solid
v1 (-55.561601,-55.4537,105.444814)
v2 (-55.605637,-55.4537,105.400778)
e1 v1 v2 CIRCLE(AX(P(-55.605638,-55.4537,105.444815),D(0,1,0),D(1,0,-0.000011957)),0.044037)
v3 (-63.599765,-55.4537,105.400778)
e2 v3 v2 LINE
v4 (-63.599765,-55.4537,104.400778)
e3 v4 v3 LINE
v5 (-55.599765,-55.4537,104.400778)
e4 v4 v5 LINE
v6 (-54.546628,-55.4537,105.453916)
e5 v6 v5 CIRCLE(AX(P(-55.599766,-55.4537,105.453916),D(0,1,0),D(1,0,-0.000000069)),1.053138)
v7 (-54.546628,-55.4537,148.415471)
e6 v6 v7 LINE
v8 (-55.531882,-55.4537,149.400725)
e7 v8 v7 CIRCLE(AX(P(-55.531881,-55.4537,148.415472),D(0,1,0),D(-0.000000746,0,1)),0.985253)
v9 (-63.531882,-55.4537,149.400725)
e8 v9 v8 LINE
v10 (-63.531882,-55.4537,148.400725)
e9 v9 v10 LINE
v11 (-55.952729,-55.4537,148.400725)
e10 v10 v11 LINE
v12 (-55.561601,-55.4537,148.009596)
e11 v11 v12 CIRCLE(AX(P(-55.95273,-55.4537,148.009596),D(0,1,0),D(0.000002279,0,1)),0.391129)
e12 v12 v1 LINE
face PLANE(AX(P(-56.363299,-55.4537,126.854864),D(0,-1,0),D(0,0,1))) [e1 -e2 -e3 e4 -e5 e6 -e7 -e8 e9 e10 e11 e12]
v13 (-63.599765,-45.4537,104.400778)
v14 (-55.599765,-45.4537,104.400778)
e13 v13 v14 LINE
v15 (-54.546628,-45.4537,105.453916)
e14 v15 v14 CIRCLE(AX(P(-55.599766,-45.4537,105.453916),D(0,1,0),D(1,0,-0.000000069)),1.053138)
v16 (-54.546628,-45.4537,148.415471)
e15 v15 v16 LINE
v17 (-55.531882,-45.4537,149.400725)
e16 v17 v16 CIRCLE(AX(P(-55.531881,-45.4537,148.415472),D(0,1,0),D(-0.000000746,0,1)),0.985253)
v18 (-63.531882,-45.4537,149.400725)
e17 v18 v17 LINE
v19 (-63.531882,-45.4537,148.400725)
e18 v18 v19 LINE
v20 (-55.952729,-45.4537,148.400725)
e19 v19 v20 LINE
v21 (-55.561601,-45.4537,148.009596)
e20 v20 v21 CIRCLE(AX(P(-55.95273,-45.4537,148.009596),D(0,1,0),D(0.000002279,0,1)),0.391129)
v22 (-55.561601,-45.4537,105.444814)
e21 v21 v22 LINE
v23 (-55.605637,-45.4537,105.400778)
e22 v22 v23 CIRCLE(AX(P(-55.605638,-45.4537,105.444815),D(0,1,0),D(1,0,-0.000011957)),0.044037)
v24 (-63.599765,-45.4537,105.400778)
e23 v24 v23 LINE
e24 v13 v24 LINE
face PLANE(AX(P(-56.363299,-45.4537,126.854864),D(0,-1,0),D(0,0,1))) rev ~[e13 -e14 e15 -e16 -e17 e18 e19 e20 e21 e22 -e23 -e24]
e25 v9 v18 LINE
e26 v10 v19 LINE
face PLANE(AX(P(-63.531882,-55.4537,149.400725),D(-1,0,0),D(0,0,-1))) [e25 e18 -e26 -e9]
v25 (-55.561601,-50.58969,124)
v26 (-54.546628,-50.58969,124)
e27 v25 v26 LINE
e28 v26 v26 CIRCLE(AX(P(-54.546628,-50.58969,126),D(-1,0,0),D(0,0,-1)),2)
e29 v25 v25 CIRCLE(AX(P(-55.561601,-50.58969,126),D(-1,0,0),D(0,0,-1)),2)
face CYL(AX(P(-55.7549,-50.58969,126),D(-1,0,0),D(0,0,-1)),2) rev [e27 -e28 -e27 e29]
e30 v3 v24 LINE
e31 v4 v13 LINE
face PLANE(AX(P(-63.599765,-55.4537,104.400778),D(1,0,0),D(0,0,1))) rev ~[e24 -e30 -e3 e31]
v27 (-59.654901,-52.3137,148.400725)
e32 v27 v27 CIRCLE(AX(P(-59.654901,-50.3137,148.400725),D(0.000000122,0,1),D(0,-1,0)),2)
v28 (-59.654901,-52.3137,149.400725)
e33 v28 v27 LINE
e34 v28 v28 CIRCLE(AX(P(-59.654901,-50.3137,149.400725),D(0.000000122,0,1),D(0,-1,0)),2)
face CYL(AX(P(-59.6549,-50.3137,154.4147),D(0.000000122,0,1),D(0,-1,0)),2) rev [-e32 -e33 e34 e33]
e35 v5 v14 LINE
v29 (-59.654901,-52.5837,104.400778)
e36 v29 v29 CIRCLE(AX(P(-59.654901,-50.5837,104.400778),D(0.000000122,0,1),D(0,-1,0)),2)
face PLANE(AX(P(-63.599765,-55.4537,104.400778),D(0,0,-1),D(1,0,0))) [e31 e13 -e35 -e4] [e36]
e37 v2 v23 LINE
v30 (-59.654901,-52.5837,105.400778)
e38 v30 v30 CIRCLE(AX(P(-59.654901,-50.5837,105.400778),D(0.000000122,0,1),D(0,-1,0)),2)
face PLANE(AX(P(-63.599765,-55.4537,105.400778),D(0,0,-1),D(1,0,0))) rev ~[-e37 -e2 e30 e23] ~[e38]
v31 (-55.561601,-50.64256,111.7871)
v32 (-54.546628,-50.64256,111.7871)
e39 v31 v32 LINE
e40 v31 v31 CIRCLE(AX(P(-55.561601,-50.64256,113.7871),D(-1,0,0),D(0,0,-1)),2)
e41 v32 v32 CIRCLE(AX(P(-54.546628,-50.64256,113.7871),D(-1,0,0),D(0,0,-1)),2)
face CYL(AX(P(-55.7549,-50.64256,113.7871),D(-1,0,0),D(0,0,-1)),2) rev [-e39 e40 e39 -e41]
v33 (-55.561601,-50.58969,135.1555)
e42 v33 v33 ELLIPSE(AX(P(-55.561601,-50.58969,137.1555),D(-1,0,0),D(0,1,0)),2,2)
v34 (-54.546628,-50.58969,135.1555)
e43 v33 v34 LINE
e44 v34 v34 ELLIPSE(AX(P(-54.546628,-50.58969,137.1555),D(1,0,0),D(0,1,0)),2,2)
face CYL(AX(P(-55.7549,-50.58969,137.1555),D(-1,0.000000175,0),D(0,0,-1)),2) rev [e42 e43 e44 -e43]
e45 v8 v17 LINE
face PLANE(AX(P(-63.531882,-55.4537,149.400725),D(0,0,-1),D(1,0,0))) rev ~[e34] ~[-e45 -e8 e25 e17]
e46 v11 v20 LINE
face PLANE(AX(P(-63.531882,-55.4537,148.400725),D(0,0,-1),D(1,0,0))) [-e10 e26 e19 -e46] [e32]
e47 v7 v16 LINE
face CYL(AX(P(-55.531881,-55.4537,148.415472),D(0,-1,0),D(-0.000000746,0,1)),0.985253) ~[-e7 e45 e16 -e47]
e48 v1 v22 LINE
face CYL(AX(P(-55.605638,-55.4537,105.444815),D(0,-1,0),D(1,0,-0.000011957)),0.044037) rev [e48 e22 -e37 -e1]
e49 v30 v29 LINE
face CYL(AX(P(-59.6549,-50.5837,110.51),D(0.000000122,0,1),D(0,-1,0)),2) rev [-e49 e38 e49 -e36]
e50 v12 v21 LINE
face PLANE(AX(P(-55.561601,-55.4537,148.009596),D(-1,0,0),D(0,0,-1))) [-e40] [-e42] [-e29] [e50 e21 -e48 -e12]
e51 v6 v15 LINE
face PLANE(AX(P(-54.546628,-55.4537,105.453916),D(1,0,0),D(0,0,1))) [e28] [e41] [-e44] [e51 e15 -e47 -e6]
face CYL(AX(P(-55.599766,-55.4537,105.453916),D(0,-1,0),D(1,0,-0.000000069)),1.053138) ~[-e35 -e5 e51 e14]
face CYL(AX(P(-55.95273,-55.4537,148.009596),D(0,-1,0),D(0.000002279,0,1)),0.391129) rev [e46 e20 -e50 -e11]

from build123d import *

# Parameters (mm, degrees)
CYLINDER030_R               = 2
CYLINDER030_DEPTH           = 10
CYLINDER030_PITCH_ANGLE     = 90
CYLINDER030_PLACEMENT_ANGLE = 7e-06
CYLINDER031_R               = 2
CYLINDER031_DEPTH           = 10
CYLINDER031_PITCH_ANGLE     = 90
CYLINDER031_PLACEMENT_ANGLE = 7e-06
CYLINDER026_R               = 2
CYLINDER026_DEPTH           = 2
CYLINDER026_ROLL_ANGLE      = -88.507054
CYLINDER026_PITCH_ANGLE     = -87.01751
CYLINDER026_PLACEMENT_ANGLE = -92.244015
CYLINDER028_R               = 2
CYLINDER028_DEPTH           = 2
CYLINDER028_PLACEMENT_ANGLE = 90.00001
CYLINDER029_R               = 2
CYLINDER029_DEPTH           = 2
CYLINDER029_ROLL_ANGLE      = 90
CYLINDER027_R               = 2
CYLINDER027_DEPTH           = 2
CYLINDER027_ROLL_ANGLE      = 90
CYLINDER025_R               = 2
CYLINDER025_DEPTH           = 2
CYLINDER025_ROLL_ANGLE      = -88.507054
CYLINDER025_PITCH_ANGLE     = -87.01751
CYLINDER025_PLACEMENT_ANGLE = -92.244015
PAD006_DEPTH                = 10
CUT033_PITCH_ANGLE          = 90
CUT033_PLACEMENT_ANGLE      = 90


with BuildPart() as cylinder030:
    # Cylinder030 → Cylinder030 (new body)
    with BuildSketch(Plane.XY):
        Circle(CYLINDER030_R)
    extrude(amount=CYLINDER030_DEPTH)


with BuildPart() as cylinder030_1:
    # Cylinder030 pitch: moved
    add(cylinder030.part.rotate(Axis((0, 0, 0), (0, 1, 0)), CYLINDER030_PITCH_ANGLE))


with BuildPart() as cylinder030_2:
    # Cylinder030 placement: moved
    add(cylinder030_1.part.moved(Location((15.49, 3.9, 4.87))).rotate(Axis((15.49, 3.9, 4.87), (0, 0, 1)), CYLINDER030_PLACEMENT_ANGLE))


with BuildPart() as cylinder031:
    # Cylinder031 → Cylinder031 (new body)
    with BuildSketch(Plane.XY):
        Circle(CYLINDER031_R)
    extrude(amount=CYLINDER031_DEPTH)


with BuildPart() as cylinder031_1:
    # Cylinder031 pitch: moved
    add(cylinder031.part.rotate(Axis((0, 0, 0), (0, 1, 0)), CYLINDER031_PITCH_ANGLE))


with BuildPart() as cylinder031_2:
    # Cylinder031 placement: moved
    add(cylinder031_1.part.moved(Location((-28.4147, 3.9, 5.14))).rotate(Axis((-28.4147, 3.9, 5.14), (0, 0, 1)), CYLINDER031_PLACEMENT_ANGLE))


with BuildPart() as cylinder026:
    # Cylinder026 → Cylinder026 (new body)
    with BuildSketch(Plane.XY):
        Circle(CYLINDER026_R)
    extrude(amount=CYLINDER026_DEPTH)


with BuildPart() as cylinder026_1:
    # Cylinder026 roll: moved
    add(cylinder026.part.rotate(Axis((0, 0, 0), (1, 0, 0)), CYLINDER026_ROLL_ANGLE))


with BuildPart() as cylinder026_2:
    # Cylinder026 pitch: moved
    add(cylinder026_1.part.rotate(Axis((0, 0, 0), (0, 1, 0)), CYLINDER026_PITCH_ANGLE))


with BuildPart() as cylinder026_3:
    # Cylinder026 placement: moved
    add(cylinder026_2.part.moved(Location((-26, 5.29, 4.9))).rotate(Axis((-26, 5.29, 4.9), (0, 0, 1)), CYLINDER026_PLACEMENT_ANGLE))


with BuildPart() as cylinder028:
    # Cylinder028 → Cylinder028 (new body)
    with BuildSketch(Plane.XY):
        Circle(CYLINDER028_R)
    extrude(amount=CYLINDER028_DEPTH)


with BuildPart() as cylinder028_1:
    # Cylinder028 placement: moved
    add(cylinder028.part.moved(Location((-11.1555, 0, 4.86401))).rotate(Axis((-11.1555, 0, 4.86401), (1, 0, 0)), CYLINDER028_PLACEMENT_ANGLE))


with BuildPart() as cylinder029:
    # Cylinder029 → Cylinder029 (new body)
    with BuildSketch(Plane.XY):
        Circle(CYLINDER029_R)
    extrude(amount=CYLINDER029_DEPTH)


with BuildPart() as cylinder029_1:
    # Cylinder029 roll: moved
    add(cylinder029.part.rotate(Axis((0, 0, 0), (1, 0, 0)), CYLINDER029_ROLL_ANGLE))


with BuildPart() as cylinder029_2:
    # Cylinder029 placement: moved
    add(cylinder029_1.part.moved(Location((0, 0, 4.86401))))


with BuildPart() as cylinder027:
    # Cylinder027 → Cylinder027 (new body)
    with BuildSketch(Plane.XY):
        Circle(CYLINDER027_R)
    extrude(amount=CYLINDER027_DEPTH)


with BuildPart() as cylinder027_1:
    # Cylinder027 roll: moved
    add(cylinder027.part.rotate(Axis((0, 0, 0), (1, 0, 0)), CYLINDER027_ROLL_ANGLE))


with BuildPart() as cylinder027_2:
    # Cylinder027 placement: moved
    add(cylinder027_1.part.moved(Location((12.2129, 0, 4.81114))))


with BuildPart() as cylinder025:
    # Cylinder025 → Cylinder025 (new body)
    with BuildSketch(Plane.XY):
        Circle(CYLINDER025_R)
    extrude(amount=CYLINDER025_DEPTH)


with BuildPart() as cylinder025_1:
    # Cylinder025 roll: moved
    add(cylinder025.part.rotate(Axis((0, 0, 0), (1, 0, 0)), CYLINDER025_ROLL_ANGLE))


with BuildPart() as cylinder025_2:
    # Cylinder025 pitch: moved
    add(cylinder025_1.part.rotate(Axis((0, 0, 0), (0, 1, 0)), CYLINDER025_PITCH_ANGLE))


with BuildPart() as cylinder025_3:
    # Cylinder025 placement: moved
    add(cylinder025_2.part.moved(Location((25, 5.38, 4.9))).rotate(Axis((25, 5.38, 4.9), (0, 0, 1)), CYLINDER025_PLACEMENT_ANGLE))


with BuildPart() as cut033:
    # Sketch007 → Pad006 (new body)
    with BuildSketch(Plane.XY):
        with BuildLine():
            Line((20.546084, -1.208272), (-22.415471, -1.208272))
            ThreePointArc((-23.400725, -0.223018), (-23.112151, -0.919698), (-22.415471, -1.208272))
            Line((-23.400725, 7.776982), (-23.400725, -0.223018))
            Line((-23.400725, 7.776982), (-22.400725, 7.776982))
            Line((-22.400725, 7.776982), (-22.400725, 0.197829))
            ThreePointArc((-22.400725, 0.197829), (-22.286166, -0.07874), (-22.009596, -0.193299))
            Line((-22.009596, -0.193299), (20.555186, -0.193299))
            ThreePointArc((20.555186, -0.193299), (20.586324, -0.180401), (20.599222, -0.149263))
            Line((20.599222, 7.844865), (20.599222, -0.149263))
            Line((21.599222, 7.844865), (20.599222, 7.844865))
            Line((21.599222, 7.844865), (21.599222, -0.155135))
            ThreePointArc((20.546084, -1.208272), (21.290765, -0.899815), (21.599222, -0.155135))
        make_face()
    extrude(amount=PAD006_DEPTH)

    # Cut005: cut Cylinder025
    add(cylinder025_3.part, mode=Mode.SUBTRACT)

    # Cut006: cut Cylinder027
    add(cylinder027_2.part, mode=Mode.SUBTRACT)

    # Cut007: cut Cylinder029
    add(cylinder029_2.part, mode=Mode.SUBTRACT)

    # Cut008: cut Cylinder028
    add(cylinder028_1.part, mode=Mode.SUBTRACT)

    # Cut009: cut Cylinder026
    add(cylinder026_3.part, mode=Mode.SUBTRACT)

    # Cut018: cut Cylinder031
    add(cylinder031_2.part, mode=Mode.SUBTRACT)

    # Cut033: cut Cylinder030
    add(cylinder030_2.part, mode=Mode.SUBTRACT)


with BuildPart() as cut033_1:
    # Cut033 pitch: moved
    add(cut033.part.rotate(Axis((0, 0, 0), (0, 1, 0)), CUT033_PITCH_ANGLE))


with BuildPart() as cut033_2:
    # Cut033 placement: moved
    add(cut033_1.part.moved(Location((-55.7549, -55.4537, 126))).rotate(Axis((-55.7549, -55.4537, 126), (0, 0, 1)), CUT033_PLACEMENT_ANGLE))


solid = cut033_2.part
